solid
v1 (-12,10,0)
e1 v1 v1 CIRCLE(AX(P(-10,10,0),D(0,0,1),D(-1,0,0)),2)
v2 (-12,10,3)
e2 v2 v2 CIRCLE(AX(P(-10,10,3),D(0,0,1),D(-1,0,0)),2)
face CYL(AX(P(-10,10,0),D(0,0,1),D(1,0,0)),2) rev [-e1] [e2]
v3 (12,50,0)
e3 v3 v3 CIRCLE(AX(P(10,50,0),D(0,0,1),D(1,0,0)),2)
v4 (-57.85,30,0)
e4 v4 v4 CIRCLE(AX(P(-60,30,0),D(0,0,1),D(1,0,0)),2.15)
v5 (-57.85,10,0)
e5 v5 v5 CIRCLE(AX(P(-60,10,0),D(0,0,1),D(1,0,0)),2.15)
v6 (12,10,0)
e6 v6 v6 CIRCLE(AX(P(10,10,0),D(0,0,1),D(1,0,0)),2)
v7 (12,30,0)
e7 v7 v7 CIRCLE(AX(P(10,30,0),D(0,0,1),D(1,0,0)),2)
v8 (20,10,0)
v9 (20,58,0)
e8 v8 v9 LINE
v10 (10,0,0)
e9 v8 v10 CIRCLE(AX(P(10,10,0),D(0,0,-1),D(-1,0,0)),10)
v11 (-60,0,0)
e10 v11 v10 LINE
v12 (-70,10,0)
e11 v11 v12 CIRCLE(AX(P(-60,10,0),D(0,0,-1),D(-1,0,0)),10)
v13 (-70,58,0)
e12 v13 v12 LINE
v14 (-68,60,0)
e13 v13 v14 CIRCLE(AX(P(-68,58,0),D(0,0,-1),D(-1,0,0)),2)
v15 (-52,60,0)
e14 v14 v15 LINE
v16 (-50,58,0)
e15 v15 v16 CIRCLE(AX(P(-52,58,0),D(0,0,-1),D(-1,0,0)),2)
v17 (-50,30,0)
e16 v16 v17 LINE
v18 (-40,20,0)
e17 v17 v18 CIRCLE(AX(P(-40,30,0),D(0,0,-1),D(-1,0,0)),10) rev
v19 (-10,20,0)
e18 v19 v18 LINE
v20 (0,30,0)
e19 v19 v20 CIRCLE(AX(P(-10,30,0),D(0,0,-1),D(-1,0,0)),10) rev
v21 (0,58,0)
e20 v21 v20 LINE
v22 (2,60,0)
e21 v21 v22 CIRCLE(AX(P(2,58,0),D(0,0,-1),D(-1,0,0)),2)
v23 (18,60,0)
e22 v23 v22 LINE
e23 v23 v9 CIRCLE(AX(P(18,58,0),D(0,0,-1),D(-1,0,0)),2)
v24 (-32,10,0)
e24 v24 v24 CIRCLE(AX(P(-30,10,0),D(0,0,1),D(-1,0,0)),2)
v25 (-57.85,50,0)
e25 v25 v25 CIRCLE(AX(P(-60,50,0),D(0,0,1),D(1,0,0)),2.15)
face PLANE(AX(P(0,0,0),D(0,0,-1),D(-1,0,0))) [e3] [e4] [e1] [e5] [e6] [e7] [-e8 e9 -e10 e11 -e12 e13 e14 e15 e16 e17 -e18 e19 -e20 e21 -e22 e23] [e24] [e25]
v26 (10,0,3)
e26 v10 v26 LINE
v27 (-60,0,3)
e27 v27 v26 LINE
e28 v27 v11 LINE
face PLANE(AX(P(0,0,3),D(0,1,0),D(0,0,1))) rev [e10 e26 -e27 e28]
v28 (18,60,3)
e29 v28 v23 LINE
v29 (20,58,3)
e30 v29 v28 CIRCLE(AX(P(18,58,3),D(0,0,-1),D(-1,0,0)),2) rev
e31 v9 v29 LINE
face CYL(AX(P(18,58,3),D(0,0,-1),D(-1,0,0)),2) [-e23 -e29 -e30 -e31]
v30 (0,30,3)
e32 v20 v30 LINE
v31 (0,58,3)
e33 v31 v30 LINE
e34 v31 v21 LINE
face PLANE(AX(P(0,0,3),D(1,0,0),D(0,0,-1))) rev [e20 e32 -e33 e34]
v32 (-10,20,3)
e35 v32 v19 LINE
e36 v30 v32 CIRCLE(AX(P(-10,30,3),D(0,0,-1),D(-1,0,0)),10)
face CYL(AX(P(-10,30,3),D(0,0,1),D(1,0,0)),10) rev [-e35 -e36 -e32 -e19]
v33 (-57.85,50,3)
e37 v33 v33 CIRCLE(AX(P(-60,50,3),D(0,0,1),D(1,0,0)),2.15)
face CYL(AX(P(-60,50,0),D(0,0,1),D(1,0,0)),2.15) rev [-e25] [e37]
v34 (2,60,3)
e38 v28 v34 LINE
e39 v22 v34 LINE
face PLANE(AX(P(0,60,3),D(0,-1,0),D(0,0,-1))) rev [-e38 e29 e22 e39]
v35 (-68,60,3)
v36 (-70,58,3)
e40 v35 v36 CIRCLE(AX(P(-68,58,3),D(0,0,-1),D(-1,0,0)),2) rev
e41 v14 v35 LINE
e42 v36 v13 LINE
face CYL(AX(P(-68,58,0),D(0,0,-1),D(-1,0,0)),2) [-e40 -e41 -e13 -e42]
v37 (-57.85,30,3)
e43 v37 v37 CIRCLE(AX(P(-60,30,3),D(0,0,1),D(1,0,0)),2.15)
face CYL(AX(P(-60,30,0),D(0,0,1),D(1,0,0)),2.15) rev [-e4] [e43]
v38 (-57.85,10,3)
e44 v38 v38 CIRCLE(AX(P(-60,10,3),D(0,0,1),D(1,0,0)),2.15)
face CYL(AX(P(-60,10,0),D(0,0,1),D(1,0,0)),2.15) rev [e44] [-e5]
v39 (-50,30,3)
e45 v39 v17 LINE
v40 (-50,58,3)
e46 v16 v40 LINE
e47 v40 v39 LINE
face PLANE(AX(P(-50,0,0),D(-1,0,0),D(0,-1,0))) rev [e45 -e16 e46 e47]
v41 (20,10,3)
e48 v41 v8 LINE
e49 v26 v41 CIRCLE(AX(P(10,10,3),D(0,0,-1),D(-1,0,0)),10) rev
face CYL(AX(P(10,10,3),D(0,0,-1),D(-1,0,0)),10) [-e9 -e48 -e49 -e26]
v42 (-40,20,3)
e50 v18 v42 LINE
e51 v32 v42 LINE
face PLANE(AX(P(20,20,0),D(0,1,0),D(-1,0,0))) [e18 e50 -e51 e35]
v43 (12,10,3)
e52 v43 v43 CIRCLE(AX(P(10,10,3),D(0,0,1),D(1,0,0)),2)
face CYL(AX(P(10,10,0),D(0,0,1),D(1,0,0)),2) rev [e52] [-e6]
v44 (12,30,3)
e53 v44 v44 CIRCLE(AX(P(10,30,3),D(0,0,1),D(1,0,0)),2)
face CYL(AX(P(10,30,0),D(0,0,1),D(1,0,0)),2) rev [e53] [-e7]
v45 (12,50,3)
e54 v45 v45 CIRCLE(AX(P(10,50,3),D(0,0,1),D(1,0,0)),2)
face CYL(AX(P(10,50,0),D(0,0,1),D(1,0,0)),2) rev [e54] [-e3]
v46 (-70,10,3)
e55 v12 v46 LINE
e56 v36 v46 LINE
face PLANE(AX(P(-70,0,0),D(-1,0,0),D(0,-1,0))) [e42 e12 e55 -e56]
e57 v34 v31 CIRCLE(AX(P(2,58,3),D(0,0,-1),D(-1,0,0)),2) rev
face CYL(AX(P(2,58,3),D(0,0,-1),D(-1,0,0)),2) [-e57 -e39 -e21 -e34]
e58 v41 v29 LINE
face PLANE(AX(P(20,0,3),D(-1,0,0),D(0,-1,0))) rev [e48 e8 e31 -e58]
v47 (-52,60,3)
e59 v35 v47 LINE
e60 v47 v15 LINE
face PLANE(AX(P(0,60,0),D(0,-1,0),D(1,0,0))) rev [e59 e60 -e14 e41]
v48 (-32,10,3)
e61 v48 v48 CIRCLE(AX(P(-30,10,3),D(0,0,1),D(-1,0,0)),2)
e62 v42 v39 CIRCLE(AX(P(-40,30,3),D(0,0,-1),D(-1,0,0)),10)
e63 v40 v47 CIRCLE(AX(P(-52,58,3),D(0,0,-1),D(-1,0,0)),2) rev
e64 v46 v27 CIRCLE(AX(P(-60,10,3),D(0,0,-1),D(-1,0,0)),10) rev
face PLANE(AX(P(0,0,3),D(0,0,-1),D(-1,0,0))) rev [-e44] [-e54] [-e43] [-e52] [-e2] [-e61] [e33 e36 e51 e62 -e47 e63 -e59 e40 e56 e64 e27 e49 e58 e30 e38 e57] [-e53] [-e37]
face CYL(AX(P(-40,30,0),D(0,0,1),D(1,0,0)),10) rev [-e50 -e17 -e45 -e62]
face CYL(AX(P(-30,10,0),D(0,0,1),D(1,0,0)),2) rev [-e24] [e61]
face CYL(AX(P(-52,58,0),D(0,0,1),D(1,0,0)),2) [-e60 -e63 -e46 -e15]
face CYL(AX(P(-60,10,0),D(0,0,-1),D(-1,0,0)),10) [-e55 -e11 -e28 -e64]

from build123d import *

# Parameters (mm, degrees)
SKETCH_1_W          = 20
SKETCH_1_H          = 60
EXTRUDE_1_DEPTH     = 3
SKETCH_2_W          = 60
SKETCH_2_H          = 20
EXTRUDE_2_DEPTH     = 3
SKETCH_3_R          = 2
CUT_EXTRUDE_1_DEPTH = 3
FILLET_1_R          = 10
SKETCH_4_W          = 20
SKETCH_4_H          = 60
SKETCH_4_W_2        = 10
SKETCH_4_H_2        = 20
EXTRUDE_3_DEPTH     = 3
SKETCH_5_R          = 2.15
CUT_EXTRUDE_2_DEPTH = 93.244241013
FILLET_3_R          = 10
FILLET_4_R          = 2


with BuildPart() as part:
    # 草图1 → 凸台-拉伸1 (new body)
    with BuildSketch(Plane.XY):
        with Locations((10, 30)):
            Rectangle(SKETCH_1_W, SKETCH_1_H)
    extrude(amount=EXTRUDE_1_DEPTH)

    # 草图2 → 凸台-拉伸2 (add)
    with BuildSketch(Plane.XY.offset(3)):
        with Locations((-10, 10)):
            Rectangle(SKETCH_2_W, SKETCH_2_H)
    extrude(amount=-EXTRUDE_2_DEPTH)

    # 草图3 → 切除-拉伸1 (cut)
    with BuildSketch(Plane.XY.offset(3)):
        with Locations((10, 10)):
            Circle(SKETCH_3_R)
        with Locations((10, 30)):
            Circle(SKETCH_3_R)
        with Locations((10, 50)):
            Circle(SKETCH_3_R)
        with Locations(Location((-10, 10, 0), (0, 0, 180))):
            Circle(SKETCH_3_R)
        with Locations(Location((-30, 10, 0), (0, 0, 180))):
            Circle(SKETCH_3_R)
    extrude(amount=-CUT_EXTRUDE_1_DEPTH, mode=Mode.SUBTRACT)

    # 圆角1
    fillet_1_edges = [part.edges().sort_by_distance(p)[0] for p in [
        (0, 20, 1.5),
        (20, 0, 1.5),
    ]]
    fillet(fillet_1_edges, radius=FILLET_1_R)

    # 草图4 → 凸台-拉伸3 (add, through all)
    with BuildSketch(Plane.XY.offset(3)):
        with Locations((-60, 30)):
            Rectangle(SKETCH_4_W, SKETCH_4_H)
        with Locations((-45, 10)):
            Rectangle(SKETCH_4_W_2, SKETCH_4_H_2)
    extrude(amount=-EXTRUDE_3_DEPTH)

    # 草图5 → 切除-拉伸2 (cut, through all)
    with BuildSketch(Plane.XY.offset(3)):
        with Locations((-60, 10)):
            Circle(SKETCH_5_R)
        with Locations((-60, 30)):
            Circle(SKETCH_5_R)
        with Locations((-60, 50)):
            Circle(SKETCH_5_R)
    extrude(amount=-CUT_EXTRUDE_2_DEPTH, mode=Mode.SUBTRACT)

    # 圆角3
    fillet_3_edges = [part.edges().sort_by_distance(p)[0] for p in [
        (-50, 20, 1.5),
        (-70, 0, 1.5),
    ]]
    fillet(fillet_3_edges, radius=FILLET_3_R)

    # 圆角4
    fillet_4_edges = [part.edges().sort_by_distance(p)[0] for p in [
        (-50, 60, 1.5),
        (-70, 60, 1.5),
        (0, 60, 1.5),
        (20, 60, 1.5),
    ]]
    fillet(fillet_4_edges, radius=FILLET_4_R)


solid = part.part
